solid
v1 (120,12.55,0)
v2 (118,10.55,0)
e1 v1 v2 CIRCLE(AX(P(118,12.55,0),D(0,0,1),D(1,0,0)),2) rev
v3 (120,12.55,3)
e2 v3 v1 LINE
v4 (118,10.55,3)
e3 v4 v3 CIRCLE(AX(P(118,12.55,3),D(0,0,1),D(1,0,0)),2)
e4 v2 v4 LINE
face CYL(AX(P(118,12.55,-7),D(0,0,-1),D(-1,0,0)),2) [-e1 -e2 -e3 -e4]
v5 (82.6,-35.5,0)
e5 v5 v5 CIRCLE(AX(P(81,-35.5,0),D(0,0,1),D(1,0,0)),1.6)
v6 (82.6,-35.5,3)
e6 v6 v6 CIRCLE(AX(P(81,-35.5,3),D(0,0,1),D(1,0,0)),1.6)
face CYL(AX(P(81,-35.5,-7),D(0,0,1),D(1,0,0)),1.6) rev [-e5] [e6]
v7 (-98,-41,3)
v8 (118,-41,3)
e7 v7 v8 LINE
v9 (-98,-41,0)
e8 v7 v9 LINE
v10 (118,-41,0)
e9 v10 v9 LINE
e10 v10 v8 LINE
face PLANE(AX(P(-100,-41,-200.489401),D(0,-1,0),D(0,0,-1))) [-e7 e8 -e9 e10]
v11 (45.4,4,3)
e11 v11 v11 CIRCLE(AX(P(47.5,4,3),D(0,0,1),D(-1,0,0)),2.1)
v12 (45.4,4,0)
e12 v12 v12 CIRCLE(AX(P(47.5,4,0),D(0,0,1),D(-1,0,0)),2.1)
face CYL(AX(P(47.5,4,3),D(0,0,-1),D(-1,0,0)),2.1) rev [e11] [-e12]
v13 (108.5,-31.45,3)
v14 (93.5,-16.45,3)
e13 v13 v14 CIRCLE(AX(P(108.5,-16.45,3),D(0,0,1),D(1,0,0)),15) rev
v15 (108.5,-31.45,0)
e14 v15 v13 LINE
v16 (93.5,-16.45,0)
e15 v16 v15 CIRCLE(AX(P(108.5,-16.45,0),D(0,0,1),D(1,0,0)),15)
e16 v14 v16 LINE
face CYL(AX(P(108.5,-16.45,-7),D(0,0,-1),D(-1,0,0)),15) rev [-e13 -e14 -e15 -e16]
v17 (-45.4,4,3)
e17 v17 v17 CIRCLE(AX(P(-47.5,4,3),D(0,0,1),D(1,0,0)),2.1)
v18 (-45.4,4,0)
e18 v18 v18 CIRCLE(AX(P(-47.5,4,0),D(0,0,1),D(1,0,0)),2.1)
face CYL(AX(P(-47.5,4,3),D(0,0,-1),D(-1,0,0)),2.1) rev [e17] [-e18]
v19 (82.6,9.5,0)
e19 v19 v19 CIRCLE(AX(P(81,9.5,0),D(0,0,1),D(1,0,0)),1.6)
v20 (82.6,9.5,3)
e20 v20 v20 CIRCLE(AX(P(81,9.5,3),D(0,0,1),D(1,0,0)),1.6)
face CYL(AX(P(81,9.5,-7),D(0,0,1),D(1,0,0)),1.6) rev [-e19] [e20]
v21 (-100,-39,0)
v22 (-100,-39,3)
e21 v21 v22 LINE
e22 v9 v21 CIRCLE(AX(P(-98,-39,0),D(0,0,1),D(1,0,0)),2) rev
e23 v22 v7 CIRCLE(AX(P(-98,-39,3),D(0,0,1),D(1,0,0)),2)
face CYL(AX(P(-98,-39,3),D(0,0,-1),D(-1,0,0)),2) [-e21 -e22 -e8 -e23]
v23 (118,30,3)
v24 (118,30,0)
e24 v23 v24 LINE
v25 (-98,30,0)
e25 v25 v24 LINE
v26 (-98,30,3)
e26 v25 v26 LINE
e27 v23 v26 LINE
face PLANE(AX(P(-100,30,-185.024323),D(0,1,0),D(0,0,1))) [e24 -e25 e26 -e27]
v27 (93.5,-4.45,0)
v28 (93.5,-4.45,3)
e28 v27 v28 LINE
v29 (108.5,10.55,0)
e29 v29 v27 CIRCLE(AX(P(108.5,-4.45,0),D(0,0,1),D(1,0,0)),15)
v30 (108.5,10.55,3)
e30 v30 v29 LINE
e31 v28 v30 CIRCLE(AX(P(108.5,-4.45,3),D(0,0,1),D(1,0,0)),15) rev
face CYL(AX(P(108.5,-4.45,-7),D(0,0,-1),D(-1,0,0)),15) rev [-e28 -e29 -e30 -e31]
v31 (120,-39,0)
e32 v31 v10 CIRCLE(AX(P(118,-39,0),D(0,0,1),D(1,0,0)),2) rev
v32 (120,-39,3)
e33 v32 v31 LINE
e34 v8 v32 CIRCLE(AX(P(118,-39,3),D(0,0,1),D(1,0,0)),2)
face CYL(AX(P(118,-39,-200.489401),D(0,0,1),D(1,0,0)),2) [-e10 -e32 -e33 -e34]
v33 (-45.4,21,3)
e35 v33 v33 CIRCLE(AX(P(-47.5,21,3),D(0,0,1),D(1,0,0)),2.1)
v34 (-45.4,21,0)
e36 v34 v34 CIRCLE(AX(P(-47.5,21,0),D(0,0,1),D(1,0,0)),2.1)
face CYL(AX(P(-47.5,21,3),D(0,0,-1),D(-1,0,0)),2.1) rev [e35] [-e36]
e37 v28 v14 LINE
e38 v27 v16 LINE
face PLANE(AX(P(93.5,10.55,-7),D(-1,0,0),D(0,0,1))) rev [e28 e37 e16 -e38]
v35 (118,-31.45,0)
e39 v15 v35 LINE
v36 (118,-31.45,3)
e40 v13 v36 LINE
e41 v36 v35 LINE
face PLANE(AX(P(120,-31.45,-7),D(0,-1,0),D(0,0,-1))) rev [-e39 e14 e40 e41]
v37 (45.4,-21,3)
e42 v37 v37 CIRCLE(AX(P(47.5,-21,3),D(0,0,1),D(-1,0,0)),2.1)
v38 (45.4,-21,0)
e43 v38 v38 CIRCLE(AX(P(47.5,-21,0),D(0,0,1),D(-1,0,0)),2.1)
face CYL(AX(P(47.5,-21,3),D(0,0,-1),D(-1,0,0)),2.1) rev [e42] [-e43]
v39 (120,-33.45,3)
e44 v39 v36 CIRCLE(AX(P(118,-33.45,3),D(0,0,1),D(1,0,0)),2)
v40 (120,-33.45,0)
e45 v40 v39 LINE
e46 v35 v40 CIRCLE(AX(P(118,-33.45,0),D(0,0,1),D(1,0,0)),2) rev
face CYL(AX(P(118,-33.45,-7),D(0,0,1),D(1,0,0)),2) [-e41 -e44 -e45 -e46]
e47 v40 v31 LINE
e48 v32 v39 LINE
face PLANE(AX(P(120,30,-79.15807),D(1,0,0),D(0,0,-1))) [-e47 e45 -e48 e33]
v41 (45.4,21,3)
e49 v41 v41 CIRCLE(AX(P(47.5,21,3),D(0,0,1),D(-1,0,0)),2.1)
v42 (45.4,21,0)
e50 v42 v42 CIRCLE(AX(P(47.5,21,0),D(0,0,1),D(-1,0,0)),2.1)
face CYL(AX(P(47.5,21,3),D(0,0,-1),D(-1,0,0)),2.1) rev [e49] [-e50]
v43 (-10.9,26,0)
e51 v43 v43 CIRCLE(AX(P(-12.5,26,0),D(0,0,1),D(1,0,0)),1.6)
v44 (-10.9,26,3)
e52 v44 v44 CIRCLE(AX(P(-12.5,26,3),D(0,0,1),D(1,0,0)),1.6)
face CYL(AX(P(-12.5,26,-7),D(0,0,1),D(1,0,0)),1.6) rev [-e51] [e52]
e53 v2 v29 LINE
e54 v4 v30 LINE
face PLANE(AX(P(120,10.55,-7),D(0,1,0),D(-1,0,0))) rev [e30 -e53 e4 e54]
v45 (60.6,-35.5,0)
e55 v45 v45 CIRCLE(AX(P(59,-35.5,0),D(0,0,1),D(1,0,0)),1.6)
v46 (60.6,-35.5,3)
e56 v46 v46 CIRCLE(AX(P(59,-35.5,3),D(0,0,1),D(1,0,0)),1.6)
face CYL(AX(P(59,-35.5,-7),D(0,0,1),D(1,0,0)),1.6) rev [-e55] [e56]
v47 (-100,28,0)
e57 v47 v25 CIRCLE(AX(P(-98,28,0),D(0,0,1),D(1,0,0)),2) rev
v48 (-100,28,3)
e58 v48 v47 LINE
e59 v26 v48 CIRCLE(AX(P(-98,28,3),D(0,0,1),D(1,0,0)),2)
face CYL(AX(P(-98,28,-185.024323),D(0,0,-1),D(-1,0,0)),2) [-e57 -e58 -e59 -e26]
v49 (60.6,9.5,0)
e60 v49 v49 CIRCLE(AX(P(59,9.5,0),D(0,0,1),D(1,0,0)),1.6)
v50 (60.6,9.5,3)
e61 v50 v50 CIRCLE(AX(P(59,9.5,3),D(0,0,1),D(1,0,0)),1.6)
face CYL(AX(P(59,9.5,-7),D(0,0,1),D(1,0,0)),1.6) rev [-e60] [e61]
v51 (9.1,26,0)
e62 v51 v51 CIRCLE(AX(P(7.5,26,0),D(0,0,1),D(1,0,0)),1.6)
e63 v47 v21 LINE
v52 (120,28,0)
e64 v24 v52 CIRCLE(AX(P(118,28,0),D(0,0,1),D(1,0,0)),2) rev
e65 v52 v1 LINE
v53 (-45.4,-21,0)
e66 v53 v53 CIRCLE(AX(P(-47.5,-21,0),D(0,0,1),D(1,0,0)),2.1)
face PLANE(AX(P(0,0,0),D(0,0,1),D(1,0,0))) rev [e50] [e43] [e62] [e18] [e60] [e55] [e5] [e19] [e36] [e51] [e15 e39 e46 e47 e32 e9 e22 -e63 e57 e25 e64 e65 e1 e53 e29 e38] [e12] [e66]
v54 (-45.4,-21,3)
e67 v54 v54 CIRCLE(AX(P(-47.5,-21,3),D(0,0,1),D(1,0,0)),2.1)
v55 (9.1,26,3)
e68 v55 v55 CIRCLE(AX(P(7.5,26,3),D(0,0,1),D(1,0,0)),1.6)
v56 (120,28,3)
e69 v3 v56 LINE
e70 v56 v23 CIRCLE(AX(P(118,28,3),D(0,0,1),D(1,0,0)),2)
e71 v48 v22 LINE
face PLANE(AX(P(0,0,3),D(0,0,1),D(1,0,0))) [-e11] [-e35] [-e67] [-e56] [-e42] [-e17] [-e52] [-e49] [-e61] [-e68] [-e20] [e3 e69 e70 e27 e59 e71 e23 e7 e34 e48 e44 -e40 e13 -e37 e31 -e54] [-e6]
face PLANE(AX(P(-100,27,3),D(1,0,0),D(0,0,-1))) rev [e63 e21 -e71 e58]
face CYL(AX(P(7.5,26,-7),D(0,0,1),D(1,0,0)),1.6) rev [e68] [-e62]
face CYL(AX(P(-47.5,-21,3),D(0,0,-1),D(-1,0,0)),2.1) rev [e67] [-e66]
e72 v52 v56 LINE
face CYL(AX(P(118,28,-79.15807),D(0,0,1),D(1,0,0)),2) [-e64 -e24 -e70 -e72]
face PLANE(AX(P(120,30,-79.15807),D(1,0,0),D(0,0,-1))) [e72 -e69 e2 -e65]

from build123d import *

# Parameters (mm, degrees)
SKETCH_1_W          = 200
SKETCH_1_H          = 54
SKETCH_1_R          = 2.1
EXTRUDE_1_DEPTH     = 3
SKETCH_3_W          = 200
SKETCH_3_H          = 14
EXTRUDE_2_DEPTH     = 3
SKETCH_2_R          = 1.6
CUT_EXTRUDE_1_DEPTH = 10
SKETCH_7_W          = 15
SKETCH_7_H          = 68
CUT_EXTRUDE_3_DEPTH = 10
SKETCH_8_W          = 185
SKETCH_8_H          = 3
EXTRUDE_3_DEPTH     = 3
SKETCH_9_R          = 1.6
CUT_EXTRUDE_4_DEPTH = 10
SKETCH_10_W         = 35
SKETCH_10_H         = 71
EXTRUDE_4_DEPTH     = 3
SKETCH_12_W         = 26.5
SKETCH_12_H         = 42
CUT_EXTRUDE_6_DEPTH = 10
FILLET_1_R          = 15
FILLET_2_R          = 2


with BuildPart() as part:
    # 草图1 → 凸台-拉伸1 (new body)
    with BuildSketch(Plane.XY):
        Rectangle(SKETCH_1_W, SKETCH_1_H)
        with Locations((-47.5, 21)):
            Circle(SKETCH_1_R, mode=Mode.SUBTRACT)
        with Locations((-47.5, 4)):
            Circle(SKETCH_1_R, mode=Mode.SUBTRACT)
        with Locations((-47.5, -21)):
            Circle(SKETCH_1_R, mode=Mode.SUBTRACT)
        with Locations(Location((47.5, -21, 0), (0, 0, 180))):
            Circle(SKETCH_1_R, mode=Mode.SUBTRACT)
        with Locations(Location((47.5, 4, 0), (0, 0, 180))):
            Circle(SKETCH_1_R, mode=Mode.SUBTRACT)
        with Locations(Location((47.5, 21, 0), (0, 0, 180))):
            Circle(SKETCH_1_R, mode=Mode.SUBTRACT)
    extrude(amount=EXTRUDE_1_DEPTH)

    # 草图3 → 凸台-拉伸2 (add)
    with BuildSketch(Plane.XY.offset(3)):
        with Locations((0, -34)):
            Rectangle(SKETCH_3_W, SKETCH_3_H)
    extrude(amount=-EXTRUDE_2_DEPTH)

    # 草图2 → 切除-拉伸1 (cut)
    with BuildSketch(Plane.XY.offset(3)):
        with Locations((59, 9.5)):
            Circle(SKETCH_2_R)
        with Locations((81, 9.5)):
            Circle(SKETCH_2_R)
        with Locations((81, -35.5)):
            Circle(SKETCH_2_R)
        with Locations((59, -35.5)):
            Circle(SKETCH_2_R)
    extrude(amount=-CUT_EXTRUDE_1_DEPTH, mode=Mode.SUBTRACT)

    # 草图7 → 切除-拉伸3 (cut)
    with BuildSketch(Plane.XY.offset(3)):
        with Locations((92.5, -7)):
            Rectangle(SKETCH_7_W, SKETCH_7_H)
    extrude(amount=-CUT_EXTRUDE_3_DEPTH, mode=Mode.SUBTRACT)

    # 草图8 → 凸台-拉伸3 (add)
    with BuildSketch(Plane.XY.offset(3)):
        with Locations((-7.5, 28.5)):
            Rectangle(SKETCH_8_W, SKETCH_8_H)
    extrude(amount=-EXTRUDE_3_DEPTH)

    # 草图9 → 切除-拉伸4 (cut)
    with BuildSketch(Plane.XY.offset(3)):
        with Locations((-12.5, 26)):
            Circle(SKETCH_9_R)
        with Locations((7.5, 26)):
            Circle(SKETCH_9_R)
    extrude(amount=-CUT_EXTRUDE_4_DEPTH, mode=Mode.SUBTRACT)

    # 草图10 → 凸台-拉伸4 (add)
    with BuildSketch(Plane.XY.offset(3)):
        with Locations((102.5, -5.5)):
            Rectangle(SKETCH_10_W, SKETCH_10_H)
    extrude(amount=-EXTRUDE_4_DEPTH)

    # 草图12 → 切除-拉伸6 (cut)
    with BuildSketch(Plane.XY.offset(3)):
        with Locations((106.75, -10.45)):
            Rectangle(SKETCH_12_W, SKETCH_12_H)
    extrude(amount=-CUT_EXTRUDE_6_DEPTH, mode=Mode.SUBTRACT)

    # 圆角1
    fillet_1_edges = [part.edges().sort_by_distance(p)[0] for p in [
        (93.5, -31.45, 1.5),
        (93.5, 10.55, 1.5),
    ]]
    fillet(fillet_1_edges, radius=FILLET_1_R)

    # 圆角2
    fillet_2_edges = [part.edges().sort_by_distance(p)[0] for p in [
        (120, 30, 1.5),
        (120, -41, 1.5),
        (120, 10.55, 1.5),
        (120, -31.45, 1.5),
        (-100, -41, 1.5),
        (-100, 30, 1.5),
    ]]
    fillet(fillet_2_edges, radius=FILLET_2_R)


solid = part.part
